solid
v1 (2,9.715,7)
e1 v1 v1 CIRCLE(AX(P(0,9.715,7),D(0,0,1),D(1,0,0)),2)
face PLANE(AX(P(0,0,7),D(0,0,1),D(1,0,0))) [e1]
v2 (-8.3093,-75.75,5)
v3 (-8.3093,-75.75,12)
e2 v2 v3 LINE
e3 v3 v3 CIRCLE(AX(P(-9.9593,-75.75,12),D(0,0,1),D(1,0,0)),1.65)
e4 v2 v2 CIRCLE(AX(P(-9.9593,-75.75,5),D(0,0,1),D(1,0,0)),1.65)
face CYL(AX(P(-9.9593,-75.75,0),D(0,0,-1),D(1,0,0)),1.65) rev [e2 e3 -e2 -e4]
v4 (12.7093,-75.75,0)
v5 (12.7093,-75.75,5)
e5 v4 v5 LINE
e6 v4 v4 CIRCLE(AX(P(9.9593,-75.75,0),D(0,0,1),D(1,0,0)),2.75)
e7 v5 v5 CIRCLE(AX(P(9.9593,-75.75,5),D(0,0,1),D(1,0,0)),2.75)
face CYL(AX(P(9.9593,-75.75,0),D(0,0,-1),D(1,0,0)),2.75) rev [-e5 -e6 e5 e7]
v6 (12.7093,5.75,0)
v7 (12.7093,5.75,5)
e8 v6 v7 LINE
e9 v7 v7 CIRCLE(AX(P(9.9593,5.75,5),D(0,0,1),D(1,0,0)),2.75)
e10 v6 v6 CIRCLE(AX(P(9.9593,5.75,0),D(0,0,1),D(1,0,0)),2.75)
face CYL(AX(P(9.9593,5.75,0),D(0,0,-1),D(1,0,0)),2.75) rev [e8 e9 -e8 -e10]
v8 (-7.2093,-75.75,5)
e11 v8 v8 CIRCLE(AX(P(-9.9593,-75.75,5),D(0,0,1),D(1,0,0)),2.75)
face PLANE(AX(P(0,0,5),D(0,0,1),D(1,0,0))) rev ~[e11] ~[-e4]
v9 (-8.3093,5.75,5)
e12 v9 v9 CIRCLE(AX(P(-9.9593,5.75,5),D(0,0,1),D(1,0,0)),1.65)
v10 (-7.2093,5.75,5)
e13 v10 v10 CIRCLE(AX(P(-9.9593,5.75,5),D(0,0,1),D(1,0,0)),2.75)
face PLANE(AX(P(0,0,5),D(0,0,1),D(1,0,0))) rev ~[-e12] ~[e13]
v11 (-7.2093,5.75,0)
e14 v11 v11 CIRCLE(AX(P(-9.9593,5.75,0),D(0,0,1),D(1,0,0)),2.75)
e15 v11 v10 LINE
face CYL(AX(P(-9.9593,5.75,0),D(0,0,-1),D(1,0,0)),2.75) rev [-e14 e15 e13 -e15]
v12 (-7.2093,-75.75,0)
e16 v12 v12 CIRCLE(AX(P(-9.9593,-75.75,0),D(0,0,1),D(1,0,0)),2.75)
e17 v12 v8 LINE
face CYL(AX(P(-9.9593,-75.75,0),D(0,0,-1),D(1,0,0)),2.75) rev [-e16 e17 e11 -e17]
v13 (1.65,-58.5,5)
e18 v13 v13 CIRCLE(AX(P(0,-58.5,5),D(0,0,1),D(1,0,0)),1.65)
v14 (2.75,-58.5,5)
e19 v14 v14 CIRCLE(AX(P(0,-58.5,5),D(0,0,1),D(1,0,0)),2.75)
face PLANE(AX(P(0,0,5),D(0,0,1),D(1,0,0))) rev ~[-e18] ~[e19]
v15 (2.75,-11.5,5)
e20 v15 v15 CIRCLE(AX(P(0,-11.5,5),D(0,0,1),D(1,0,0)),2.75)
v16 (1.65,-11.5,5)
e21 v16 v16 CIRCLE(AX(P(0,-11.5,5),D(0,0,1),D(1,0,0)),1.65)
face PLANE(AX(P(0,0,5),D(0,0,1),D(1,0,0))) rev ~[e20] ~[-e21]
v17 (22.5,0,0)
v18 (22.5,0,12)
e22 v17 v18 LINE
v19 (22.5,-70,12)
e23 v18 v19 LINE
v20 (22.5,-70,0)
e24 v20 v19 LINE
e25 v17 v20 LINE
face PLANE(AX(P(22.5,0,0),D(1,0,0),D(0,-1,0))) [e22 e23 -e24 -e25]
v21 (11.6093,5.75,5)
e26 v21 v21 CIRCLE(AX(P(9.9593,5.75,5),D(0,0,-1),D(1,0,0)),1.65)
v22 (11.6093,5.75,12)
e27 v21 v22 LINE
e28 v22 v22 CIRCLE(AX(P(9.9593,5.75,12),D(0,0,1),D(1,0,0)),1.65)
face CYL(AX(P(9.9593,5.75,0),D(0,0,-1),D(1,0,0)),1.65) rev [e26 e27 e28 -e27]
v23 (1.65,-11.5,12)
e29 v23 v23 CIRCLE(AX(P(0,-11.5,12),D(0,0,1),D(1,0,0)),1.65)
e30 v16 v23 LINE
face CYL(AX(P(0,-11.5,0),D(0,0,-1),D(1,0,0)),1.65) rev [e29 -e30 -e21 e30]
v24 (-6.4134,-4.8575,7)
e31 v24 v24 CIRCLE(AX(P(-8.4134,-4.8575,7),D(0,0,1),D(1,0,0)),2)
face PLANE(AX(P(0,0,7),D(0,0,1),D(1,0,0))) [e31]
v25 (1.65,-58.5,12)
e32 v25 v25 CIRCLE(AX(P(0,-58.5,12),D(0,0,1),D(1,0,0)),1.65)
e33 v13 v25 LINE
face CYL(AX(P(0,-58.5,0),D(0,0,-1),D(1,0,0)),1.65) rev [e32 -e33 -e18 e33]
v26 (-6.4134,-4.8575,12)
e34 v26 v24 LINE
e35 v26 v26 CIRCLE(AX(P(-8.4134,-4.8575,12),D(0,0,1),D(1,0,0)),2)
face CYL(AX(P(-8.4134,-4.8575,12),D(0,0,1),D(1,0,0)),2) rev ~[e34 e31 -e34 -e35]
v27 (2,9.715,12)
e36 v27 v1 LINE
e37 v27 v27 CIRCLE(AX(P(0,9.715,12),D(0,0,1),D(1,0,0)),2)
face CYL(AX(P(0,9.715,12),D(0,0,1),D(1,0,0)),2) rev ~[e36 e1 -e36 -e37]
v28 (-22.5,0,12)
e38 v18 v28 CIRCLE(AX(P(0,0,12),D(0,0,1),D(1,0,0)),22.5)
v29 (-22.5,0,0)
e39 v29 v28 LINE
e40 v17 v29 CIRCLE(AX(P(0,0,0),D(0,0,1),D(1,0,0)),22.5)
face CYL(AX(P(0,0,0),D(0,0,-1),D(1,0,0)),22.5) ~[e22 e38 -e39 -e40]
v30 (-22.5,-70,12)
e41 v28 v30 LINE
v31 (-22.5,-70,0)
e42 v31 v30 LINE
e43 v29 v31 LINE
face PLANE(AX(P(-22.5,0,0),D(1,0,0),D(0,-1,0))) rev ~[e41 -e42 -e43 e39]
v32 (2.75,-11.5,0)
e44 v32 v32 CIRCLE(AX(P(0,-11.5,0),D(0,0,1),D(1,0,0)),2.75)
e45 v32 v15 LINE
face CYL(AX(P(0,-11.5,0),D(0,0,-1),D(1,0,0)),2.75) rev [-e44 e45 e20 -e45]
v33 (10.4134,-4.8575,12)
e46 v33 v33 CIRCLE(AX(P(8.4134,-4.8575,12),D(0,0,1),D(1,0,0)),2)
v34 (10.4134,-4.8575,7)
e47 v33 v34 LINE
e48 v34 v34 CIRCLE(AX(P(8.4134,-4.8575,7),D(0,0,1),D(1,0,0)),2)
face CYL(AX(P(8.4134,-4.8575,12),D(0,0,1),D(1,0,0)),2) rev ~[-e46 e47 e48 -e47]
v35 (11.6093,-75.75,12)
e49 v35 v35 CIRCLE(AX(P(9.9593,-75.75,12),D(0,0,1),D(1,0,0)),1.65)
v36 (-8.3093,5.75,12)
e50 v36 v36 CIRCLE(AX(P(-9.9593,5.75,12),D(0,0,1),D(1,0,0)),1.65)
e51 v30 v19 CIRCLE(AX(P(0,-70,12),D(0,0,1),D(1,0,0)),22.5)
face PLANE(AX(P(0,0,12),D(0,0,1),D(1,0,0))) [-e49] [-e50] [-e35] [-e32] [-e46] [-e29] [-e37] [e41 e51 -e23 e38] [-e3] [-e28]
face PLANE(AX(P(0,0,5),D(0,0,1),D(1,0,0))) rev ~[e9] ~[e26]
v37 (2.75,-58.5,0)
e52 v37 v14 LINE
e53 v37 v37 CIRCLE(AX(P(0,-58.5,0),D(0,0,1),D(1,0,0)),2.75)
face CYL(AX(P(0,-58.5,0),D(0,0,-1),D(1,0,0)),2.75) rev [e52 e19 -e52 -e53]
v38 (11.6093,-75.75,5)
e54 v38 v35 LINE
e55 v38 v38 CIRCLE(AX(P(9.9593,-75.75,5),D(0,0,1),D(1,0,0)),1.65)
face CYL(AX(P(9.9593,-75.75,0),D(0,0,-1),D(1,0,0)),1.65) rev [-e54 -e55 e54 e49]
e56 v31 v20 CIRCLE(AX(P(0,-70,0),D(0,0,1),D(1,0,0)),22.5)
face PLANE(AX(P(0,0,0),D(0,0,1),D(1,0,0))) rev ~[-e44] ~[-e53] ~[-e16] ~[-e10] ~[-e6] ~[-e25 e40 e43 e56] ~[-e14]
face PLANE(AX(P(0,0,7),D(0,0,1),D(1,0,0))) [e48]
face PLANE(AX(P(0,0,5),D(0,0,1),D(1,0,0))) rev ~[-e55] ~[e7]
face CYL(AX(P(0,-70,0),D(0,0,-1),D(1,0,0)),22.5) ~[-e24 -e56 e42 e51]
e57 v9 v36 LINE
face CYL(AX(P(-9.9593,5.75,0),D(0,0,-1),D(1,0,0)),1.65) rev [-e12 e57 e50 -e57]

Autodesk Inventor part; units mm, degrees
ref_plane "YZ Plane" through (0, 0, 0) normal (1, 0, 0) x (0, 1, 0)
ref_plane "XZ Plane" through (0, 0, 0) normal (0, 1, 0) x (-1, 0, 0)
ref_plane "XY Plane" through (0, 0, 0) normal (0, 0, 1) x (1, 0, 0)
sketch "Sketch1" plane through (0, 0, 0) normal (0, 0, 1) x (1, 0, 0)
  circle A0 centre (0, 0) radius 22.5
  circle A1 centre (0, -70) radius 22.5
  line L0 (-22.5, 0) -> (-22.5, -70)
  line L1 (22.5, 0) -> (22.5, -70)
  circle A2 centre (0, -70) radius 11.5 construction
  circle A3 centre (0, -70) radius 9.715 construction
  line L2 (0, -20) -> (0, -150) construction
  line L3 (11.5, -70) -> (-11.5, -70) construction
  line L4 (9.9593, -64.25) -> (0, -70) construction
  line L5 (0, -70) -> (-9.9593, -64.25) construction
  line L6 (0, -70) -> (9.9593, -75.75) construction
  line L7 (0, -70) -> (-9.9593, -75.75) construction
  circle A4 centre (0, -58.5) radius 2.75
  circle A5 centre (9.9593, -75.75) radius 2.75
  circle A6 centre (-9.9593, -75.75) radius 2.75
  circle A7 centre (0, -58.5) radius 1.65
  circle A8 centre (9.9593, -75.75) radius 1.65
  circle A9 centre (-9.9593, -75.75) radius 1.65
  circle A10 centre (8.4134, -65.1425) radius 2
  circle A11 centre (0, -79.715) radius 2
  circle A12 centre (-8.4134, -65.1425) radius 2
  line L8 (-22.5, -35) -> (22.5, -35) construction
  circle A13 centre (0, 0) radius 22.5
  line L9 (9.9593, -5.75) -> (0, 0) construction
  circle A14 centre (8.4134, -4.8575) radius 2
  line L10 (0, 0) -> (9.9593, 5.75) construction
  line L11 (0, 0) -> (-9.9593, -5.75) construction
  circle A15 centre (-8.4134, -4.8575) radius 2
  circle A16 centre (0, 0) radius 9.715 construction
  circle A17 centre (0, 0) radius 11.5 construction
  circle A18 centre (0, 9.715) radius 2
  line L12 (0, 0) -> (-9.9593, 5.75) construction
  line L13 (11.5, 0) -> (-11.5, 0) construction
  circle A19 centre (-9.9593, 5.75) radius 2.75
  circle A20 centre (-9.9593, 5.75) radius 1.65
  line L14 (0, -50) -> (0, 80) construction
  circle A21 centre (0, -11.5) radius 1.65
  circle A22 centre (0, -11.5) radius 2.75
  circle A23 centre (9.9593, 5.75) radius 2.75
  circle A24 centre (9.9593, 5.75) radius 1.65
  dimension "d3" = 23
  dimension "d0" = 45
  dimension "d1" = 70
  dimension "d2" = 19.43
  dimension "d4" = 30
  dimension "d5" = 30
  dimension "d6" = 30
  dimension "d7" = 30
  dimension "d8" = 5.5
  dimension "d9" = 3.3
  dimension "d10" = 4
extrude "Extrusion1" add sketch "Sketch1" along normal blind 12 contours A0 | L1 A1 L0 A0 | A1 | A4 | A5 | A6 | A10 | A11 | A12 | A14 | A15 | A18 | A19 | A22 | A23
extrude "Extrusion2" cut sketch "Sketch1" along normal blind 5 contours A4 | A5 | A6 | A19 | A22 | A23 | A24
extrude "Extrusion3" cut sketch "Sketch1" against normal blind 5 from surface at 12 contours A14 | A15 | A18
properties part number "shank_thigh_connector"
